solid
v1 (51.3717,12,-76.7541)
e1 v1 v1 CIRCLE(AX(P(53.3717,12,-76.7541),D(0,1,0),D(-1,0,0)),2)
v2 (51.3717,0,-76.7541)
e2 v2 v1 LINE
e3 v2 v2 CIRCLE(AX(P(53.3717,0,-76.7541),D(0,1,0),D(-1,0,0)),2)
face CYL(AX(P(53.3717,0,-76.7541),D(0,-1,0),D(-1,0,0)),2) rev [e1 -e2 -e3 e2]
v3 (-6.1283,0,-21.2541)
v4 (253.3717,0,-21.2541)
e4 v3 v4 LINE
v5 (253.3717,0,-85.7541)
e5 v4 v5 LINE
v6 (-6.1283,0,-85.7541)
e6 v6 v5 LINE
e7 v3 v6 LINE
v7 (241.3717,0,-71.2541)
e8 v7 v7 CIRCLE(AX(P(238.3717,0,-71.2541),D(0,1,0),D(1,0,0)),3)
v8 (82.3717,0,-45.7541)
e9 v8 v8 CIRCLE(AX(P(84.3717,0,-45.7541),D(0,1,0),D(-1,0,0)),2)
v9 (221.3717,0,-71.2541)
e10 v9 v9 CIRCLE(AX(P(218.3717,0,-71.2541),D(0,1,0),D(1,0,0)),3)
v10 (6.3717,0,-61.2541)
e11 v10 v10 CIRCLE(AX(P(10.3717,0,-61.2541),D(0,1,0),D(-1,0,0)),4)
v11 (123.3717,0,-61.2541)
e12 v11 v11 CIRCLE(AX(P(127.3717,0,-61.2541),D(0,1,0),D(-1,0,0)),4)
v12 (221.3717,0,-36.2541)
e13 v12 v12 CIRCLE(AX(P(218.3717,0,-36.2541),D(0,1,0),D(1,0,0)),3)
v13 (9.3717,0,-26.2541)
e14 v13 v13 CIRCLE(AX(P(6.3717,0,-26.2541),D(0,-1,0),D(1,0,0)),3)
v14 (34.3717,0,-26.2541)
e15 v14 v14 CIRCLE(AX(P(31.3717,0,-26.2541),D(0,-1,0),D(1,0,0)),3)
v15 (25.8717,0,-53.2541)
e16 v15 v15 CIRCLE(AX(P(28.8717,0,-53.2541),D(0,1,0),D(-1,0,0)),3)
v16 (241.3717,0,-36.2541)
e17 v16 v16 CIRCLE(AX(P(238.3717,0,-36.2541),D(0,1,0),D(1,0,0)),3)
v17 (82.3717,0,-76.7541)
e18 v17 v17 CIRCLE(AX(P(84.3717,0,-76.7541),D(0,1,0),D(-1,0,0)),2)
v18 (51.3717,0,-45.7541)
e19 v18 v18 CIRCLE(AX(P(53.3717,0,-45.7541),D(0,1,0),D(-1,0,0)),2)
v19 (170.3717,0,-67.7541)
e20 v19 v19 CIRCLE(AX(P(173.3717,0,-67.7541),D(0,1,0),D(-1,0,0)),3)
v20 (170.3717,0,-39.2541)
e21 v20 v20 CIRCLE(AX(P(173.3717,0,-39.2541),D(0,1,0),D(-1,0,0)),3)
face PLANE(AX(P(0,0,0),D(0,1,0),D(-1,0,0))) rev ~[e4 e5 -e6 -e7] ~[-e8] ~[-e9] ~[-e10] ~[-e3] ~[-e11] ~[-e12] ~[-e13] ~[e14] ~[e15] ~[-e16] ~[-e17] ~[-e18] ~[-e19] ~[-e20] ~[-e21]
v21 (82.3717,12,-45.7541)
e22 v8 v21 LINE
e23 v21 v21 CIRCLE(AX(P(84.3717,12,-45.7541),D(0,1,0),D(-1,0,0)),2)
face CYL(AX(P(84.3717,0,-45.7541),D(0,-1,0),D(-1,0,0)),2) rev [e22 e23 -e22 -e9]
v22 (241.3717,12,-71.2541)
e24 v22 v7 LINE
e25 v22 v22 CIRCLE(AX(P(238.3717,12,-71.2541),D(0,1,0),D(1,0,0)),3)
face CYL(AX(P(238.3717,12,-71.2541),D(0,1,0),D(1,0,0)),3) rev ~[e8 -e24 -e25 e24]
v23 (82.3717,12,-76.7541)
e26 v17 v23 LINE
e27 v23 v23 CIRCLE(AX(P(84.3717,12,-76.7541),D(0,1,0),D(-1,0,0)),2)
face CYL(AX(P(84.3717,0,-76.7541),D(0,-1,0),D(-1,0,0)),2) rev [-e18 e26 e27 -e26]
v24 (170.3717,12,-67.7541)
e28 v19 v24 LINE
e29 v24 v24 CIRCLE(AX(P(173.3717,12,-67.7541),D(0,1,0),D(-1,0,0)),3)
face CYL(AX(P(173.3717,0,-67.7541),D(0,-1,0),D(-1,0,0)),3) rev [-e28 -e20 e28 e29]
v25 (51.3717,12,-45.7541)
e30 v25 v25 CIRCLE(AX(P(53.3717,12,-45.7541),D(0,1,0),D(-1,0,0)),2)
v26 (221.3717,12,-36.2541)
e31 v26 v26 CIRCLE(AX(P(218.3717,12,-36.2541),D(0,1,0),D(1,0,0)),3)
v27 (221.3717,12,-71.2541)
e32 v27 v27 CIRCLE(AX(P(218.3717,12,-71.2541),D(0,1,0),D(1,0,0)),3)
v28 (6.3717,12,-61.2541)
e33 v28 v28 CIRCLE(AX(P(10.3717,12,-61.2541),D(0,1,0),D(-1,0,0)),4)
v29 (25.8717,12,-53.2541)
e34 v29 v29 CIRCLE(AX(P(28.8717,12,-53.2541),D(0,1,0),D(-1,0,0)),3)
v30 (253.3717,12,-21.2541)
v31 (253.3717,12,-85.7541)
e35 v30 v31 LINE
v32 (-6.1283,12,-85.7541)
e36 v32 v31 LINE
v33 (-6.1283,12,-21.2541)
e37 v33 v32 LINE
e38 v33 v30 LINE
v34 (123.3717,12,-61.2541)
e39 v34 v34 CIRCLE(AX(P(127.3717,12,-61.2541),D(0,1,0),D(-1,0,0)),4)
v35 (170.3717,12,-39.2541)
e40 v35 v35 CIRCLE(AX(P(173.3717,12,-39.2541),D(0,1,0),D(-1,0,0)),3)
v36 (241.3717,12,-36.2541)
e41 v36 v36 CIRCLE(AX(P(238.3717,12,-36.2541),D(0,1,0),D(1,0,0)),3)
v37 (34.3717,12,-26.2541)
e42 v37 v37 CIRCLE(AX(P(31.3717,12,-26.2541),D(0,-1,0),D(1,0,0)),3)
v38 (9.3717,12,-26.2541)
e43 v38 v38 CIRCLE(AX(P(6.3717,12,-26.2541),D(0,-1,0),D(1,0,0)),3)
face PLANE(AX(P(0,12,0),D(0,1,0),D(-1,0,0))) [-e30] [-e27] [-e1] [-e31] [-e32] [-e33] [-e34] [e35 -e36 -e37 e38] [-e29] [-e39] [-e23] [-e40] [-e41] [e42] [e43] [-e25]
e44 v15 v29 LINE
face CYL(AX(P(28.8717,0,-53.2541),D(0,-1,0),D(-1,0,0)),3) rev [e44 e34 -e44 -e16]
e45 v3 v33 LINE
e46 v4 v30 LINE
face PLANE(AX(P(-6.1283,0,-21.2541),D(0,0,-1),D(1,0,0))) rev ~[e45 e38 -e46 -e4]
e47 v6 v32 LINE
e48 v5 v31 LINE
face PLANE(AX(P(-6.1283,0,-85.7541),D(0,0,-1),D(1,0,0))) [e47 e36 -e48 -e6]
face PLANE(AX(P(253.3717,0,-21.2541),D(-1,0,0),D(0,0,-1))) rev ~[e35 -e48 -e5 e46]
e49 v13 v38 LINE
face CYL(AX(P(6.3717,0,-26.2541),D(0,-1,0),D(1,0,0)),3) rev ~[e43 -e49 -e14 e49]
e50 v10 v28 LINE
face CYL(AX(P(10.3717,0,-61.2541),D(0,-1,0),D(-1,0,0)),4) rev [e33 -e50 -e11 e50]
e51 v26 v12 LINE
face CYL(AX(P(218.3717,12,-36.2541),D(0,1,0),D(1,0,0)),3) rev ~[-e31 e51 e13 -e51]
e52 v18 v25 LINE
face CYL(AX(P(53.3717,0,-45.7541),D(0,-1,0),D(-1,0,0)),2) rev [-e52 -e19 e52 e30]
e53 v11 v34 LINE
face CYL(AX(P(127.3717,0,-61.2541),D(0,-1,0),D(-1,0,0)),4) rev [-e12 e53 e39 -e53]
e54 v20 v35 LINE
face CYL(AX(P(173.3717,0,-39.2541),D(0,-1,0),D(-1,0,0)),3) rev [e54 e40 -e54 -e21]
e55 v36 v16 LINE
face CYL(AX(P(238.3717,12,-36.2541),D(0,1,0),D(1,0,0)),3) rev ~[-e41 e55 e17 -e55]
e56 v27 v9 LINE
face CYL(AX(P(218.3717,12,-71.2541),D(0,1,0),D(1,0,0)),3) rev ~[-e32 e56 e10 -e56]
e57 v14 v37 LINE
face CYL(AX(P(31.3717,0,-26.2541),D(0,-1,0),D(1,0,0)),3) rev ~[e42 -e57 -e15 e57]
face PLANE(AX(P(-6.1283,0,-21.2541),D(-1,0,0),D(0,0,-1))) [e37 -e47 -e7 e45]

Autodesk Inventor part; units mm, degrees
ref_plane "YZ Plane" through (0, 0, 0) normal (1, 0, 0) x (0, 1, 0)
ref_plane "XZ Plane" through (0, 0, 0) normal (0, 1, 0) x (-1, 0, 0)
ref_plane "XY Plane" through (0, 0, 0) normal (0, 0, 1) x (1, 0, 0)
sketch "Boceto1" plane through (0, 0, 0) normal (0, 1, 0) x (-1, 0, 0)
  line L0 (6.1283, -21.2541) -> (6.1283, -85.7541)
  line L1 (6.1283, -85.7541) -> (-253.3717, -85.7541)
  line L2 (6.1283, -21.2541) -> (-253.3717, -21.2541)
  line L3 (-253.3717, -21.2541) -> (-253.3717, -85.7541)
  circle A0 centre (-127.3717, -61.2541) radius 4
  circle A1 centre (-10.3717, -61.2541) radius 4
  circle A2 centre (-84.3717, -76.7541) radius 2
  circle A3 centre (-84.3717, -45.7541) radius 2
  circle A4 centre (-53.3717, -76.7541) radius 2
  circle A5 centre (-53.3717, -45.7541) radius 2
  circle A6 centre (-28.8717, -53.2541) radius 3
  circle A7 centre (-173.3717, -67.7541) radius 3
  circle A8 centre (-173.3717, -39.2541) radius 3
  dimension "d0" = 64.5
  dimension "d22" = 8
  dimension "d23" = 8
  dimension "d65" = 4
  dimension "d66" = 4
  dimension "d67" = 4
  dimension "d68" = 4
  dimension "d69" = 31
  dimension "d70" = 31
  dimension "d71" = 31
  dimension "d72" = 31
  dimension "d109" = 117
  dimension "d110" = 259.5
  dimension "d111" = 126
  dimension "d112" = 6
  dimension "d113" = 32
  dimension "d114" = 35
  dimension "d115" = 6
  dimension "d116" = 6
  dimension "d117" = 18
  dimension "d118" = 18
  dimension "d119" = 80
  dimension "d120" = 80
  dimension "d127" = 40
  dimension "d128" = 40
extrude "Extrusion3" add sketch "Boceto1" along normal blind 12
sketch "Sketch2" plane through (0, 0, 0) normal (0, -1, 0) x (1, 0, 0)
  circle A0 centre (6.3717, -26.2541) radius 3
  circle A1 centre (31.3717, -26.2541) radius 3
  line L0 (-6.1283, -21.2541) -> (253.3717, -21.2541) projected
  line L1 (-6.1283, -85.7541) -> (-6.1283, -21.2541) projected
  point P0 (0, 0)
  point P1 (-7.1283, -20.7541)
  point P2 (261.8717, -20.7541)
  point P3 (-7.1283, -85.7541)
  dimension "d84" = 6
  dimension "d85" = 6
  dimension "d86" = 5
  dimension "d87" = 12.5
  dimension "d88" = 25
  dimension "d89" = 5
extrude "Extrusion4" cut sketch "Sketch2" against normal blind 19
sketch "Sketch3" plane through (0, 12, 0) normal (0, 1, 0) x (1, 0, 0)
  circle A0 centre (218.3717, 71.2541) radius 3
  circle A1 centre (238.3717, 71.2541) radius 3
  circle A2 centre (218.3717, 36.2541) radius 3
  circle A3 centre (238.3717, 36.2541) radius 3
  line L0 (253.3717, 85.7541) -> (-6.1283, 85.7541) projected
  line L1 (-6.1283, 21.2541) -> (253.3717, 21.2541) projected
  line L2 (253.3717, 21.2541) -> (253.3717, 85.7541) projected
  point P0 (-7.1283, 85.7541)
  point P1 (-7.1283, 20.7541)
  dimension "d92" = 6
  dimension "d93" = 6
  dimension "d94" = 6
  dimension "d95" = 6
  dimension "d97" = 15
  dimension "d98" = 15
  dimension "d99" = 15
  dimension "d100" = 20
  dimension "d101" = 20
  dimension "d103" = 15
  dimension "d130" = 35
  dimension "d131" = 35
extrude "Extrusion5" cut sketch "Sketch3" against normal blind 20
thread "Rosca1" size "M6x1" class "6H" standard "ISO Metric profile" length 922
thread "Rosca2" size "M6x1" class "6H" standard "ISO Metric profile" length 922
thread "Rosca3" size "M6x1" class "6H" standard "ISO Metric profile" length 922
equation "\"d22\" = d23"
equation "\"d118\" = d117"
equation "\"d120\" = d119"
equation "\"d131\" = d130"
equation "\"d104\" = d100"
properties part number "Columna Derecha" material "Aluminio 6061"
